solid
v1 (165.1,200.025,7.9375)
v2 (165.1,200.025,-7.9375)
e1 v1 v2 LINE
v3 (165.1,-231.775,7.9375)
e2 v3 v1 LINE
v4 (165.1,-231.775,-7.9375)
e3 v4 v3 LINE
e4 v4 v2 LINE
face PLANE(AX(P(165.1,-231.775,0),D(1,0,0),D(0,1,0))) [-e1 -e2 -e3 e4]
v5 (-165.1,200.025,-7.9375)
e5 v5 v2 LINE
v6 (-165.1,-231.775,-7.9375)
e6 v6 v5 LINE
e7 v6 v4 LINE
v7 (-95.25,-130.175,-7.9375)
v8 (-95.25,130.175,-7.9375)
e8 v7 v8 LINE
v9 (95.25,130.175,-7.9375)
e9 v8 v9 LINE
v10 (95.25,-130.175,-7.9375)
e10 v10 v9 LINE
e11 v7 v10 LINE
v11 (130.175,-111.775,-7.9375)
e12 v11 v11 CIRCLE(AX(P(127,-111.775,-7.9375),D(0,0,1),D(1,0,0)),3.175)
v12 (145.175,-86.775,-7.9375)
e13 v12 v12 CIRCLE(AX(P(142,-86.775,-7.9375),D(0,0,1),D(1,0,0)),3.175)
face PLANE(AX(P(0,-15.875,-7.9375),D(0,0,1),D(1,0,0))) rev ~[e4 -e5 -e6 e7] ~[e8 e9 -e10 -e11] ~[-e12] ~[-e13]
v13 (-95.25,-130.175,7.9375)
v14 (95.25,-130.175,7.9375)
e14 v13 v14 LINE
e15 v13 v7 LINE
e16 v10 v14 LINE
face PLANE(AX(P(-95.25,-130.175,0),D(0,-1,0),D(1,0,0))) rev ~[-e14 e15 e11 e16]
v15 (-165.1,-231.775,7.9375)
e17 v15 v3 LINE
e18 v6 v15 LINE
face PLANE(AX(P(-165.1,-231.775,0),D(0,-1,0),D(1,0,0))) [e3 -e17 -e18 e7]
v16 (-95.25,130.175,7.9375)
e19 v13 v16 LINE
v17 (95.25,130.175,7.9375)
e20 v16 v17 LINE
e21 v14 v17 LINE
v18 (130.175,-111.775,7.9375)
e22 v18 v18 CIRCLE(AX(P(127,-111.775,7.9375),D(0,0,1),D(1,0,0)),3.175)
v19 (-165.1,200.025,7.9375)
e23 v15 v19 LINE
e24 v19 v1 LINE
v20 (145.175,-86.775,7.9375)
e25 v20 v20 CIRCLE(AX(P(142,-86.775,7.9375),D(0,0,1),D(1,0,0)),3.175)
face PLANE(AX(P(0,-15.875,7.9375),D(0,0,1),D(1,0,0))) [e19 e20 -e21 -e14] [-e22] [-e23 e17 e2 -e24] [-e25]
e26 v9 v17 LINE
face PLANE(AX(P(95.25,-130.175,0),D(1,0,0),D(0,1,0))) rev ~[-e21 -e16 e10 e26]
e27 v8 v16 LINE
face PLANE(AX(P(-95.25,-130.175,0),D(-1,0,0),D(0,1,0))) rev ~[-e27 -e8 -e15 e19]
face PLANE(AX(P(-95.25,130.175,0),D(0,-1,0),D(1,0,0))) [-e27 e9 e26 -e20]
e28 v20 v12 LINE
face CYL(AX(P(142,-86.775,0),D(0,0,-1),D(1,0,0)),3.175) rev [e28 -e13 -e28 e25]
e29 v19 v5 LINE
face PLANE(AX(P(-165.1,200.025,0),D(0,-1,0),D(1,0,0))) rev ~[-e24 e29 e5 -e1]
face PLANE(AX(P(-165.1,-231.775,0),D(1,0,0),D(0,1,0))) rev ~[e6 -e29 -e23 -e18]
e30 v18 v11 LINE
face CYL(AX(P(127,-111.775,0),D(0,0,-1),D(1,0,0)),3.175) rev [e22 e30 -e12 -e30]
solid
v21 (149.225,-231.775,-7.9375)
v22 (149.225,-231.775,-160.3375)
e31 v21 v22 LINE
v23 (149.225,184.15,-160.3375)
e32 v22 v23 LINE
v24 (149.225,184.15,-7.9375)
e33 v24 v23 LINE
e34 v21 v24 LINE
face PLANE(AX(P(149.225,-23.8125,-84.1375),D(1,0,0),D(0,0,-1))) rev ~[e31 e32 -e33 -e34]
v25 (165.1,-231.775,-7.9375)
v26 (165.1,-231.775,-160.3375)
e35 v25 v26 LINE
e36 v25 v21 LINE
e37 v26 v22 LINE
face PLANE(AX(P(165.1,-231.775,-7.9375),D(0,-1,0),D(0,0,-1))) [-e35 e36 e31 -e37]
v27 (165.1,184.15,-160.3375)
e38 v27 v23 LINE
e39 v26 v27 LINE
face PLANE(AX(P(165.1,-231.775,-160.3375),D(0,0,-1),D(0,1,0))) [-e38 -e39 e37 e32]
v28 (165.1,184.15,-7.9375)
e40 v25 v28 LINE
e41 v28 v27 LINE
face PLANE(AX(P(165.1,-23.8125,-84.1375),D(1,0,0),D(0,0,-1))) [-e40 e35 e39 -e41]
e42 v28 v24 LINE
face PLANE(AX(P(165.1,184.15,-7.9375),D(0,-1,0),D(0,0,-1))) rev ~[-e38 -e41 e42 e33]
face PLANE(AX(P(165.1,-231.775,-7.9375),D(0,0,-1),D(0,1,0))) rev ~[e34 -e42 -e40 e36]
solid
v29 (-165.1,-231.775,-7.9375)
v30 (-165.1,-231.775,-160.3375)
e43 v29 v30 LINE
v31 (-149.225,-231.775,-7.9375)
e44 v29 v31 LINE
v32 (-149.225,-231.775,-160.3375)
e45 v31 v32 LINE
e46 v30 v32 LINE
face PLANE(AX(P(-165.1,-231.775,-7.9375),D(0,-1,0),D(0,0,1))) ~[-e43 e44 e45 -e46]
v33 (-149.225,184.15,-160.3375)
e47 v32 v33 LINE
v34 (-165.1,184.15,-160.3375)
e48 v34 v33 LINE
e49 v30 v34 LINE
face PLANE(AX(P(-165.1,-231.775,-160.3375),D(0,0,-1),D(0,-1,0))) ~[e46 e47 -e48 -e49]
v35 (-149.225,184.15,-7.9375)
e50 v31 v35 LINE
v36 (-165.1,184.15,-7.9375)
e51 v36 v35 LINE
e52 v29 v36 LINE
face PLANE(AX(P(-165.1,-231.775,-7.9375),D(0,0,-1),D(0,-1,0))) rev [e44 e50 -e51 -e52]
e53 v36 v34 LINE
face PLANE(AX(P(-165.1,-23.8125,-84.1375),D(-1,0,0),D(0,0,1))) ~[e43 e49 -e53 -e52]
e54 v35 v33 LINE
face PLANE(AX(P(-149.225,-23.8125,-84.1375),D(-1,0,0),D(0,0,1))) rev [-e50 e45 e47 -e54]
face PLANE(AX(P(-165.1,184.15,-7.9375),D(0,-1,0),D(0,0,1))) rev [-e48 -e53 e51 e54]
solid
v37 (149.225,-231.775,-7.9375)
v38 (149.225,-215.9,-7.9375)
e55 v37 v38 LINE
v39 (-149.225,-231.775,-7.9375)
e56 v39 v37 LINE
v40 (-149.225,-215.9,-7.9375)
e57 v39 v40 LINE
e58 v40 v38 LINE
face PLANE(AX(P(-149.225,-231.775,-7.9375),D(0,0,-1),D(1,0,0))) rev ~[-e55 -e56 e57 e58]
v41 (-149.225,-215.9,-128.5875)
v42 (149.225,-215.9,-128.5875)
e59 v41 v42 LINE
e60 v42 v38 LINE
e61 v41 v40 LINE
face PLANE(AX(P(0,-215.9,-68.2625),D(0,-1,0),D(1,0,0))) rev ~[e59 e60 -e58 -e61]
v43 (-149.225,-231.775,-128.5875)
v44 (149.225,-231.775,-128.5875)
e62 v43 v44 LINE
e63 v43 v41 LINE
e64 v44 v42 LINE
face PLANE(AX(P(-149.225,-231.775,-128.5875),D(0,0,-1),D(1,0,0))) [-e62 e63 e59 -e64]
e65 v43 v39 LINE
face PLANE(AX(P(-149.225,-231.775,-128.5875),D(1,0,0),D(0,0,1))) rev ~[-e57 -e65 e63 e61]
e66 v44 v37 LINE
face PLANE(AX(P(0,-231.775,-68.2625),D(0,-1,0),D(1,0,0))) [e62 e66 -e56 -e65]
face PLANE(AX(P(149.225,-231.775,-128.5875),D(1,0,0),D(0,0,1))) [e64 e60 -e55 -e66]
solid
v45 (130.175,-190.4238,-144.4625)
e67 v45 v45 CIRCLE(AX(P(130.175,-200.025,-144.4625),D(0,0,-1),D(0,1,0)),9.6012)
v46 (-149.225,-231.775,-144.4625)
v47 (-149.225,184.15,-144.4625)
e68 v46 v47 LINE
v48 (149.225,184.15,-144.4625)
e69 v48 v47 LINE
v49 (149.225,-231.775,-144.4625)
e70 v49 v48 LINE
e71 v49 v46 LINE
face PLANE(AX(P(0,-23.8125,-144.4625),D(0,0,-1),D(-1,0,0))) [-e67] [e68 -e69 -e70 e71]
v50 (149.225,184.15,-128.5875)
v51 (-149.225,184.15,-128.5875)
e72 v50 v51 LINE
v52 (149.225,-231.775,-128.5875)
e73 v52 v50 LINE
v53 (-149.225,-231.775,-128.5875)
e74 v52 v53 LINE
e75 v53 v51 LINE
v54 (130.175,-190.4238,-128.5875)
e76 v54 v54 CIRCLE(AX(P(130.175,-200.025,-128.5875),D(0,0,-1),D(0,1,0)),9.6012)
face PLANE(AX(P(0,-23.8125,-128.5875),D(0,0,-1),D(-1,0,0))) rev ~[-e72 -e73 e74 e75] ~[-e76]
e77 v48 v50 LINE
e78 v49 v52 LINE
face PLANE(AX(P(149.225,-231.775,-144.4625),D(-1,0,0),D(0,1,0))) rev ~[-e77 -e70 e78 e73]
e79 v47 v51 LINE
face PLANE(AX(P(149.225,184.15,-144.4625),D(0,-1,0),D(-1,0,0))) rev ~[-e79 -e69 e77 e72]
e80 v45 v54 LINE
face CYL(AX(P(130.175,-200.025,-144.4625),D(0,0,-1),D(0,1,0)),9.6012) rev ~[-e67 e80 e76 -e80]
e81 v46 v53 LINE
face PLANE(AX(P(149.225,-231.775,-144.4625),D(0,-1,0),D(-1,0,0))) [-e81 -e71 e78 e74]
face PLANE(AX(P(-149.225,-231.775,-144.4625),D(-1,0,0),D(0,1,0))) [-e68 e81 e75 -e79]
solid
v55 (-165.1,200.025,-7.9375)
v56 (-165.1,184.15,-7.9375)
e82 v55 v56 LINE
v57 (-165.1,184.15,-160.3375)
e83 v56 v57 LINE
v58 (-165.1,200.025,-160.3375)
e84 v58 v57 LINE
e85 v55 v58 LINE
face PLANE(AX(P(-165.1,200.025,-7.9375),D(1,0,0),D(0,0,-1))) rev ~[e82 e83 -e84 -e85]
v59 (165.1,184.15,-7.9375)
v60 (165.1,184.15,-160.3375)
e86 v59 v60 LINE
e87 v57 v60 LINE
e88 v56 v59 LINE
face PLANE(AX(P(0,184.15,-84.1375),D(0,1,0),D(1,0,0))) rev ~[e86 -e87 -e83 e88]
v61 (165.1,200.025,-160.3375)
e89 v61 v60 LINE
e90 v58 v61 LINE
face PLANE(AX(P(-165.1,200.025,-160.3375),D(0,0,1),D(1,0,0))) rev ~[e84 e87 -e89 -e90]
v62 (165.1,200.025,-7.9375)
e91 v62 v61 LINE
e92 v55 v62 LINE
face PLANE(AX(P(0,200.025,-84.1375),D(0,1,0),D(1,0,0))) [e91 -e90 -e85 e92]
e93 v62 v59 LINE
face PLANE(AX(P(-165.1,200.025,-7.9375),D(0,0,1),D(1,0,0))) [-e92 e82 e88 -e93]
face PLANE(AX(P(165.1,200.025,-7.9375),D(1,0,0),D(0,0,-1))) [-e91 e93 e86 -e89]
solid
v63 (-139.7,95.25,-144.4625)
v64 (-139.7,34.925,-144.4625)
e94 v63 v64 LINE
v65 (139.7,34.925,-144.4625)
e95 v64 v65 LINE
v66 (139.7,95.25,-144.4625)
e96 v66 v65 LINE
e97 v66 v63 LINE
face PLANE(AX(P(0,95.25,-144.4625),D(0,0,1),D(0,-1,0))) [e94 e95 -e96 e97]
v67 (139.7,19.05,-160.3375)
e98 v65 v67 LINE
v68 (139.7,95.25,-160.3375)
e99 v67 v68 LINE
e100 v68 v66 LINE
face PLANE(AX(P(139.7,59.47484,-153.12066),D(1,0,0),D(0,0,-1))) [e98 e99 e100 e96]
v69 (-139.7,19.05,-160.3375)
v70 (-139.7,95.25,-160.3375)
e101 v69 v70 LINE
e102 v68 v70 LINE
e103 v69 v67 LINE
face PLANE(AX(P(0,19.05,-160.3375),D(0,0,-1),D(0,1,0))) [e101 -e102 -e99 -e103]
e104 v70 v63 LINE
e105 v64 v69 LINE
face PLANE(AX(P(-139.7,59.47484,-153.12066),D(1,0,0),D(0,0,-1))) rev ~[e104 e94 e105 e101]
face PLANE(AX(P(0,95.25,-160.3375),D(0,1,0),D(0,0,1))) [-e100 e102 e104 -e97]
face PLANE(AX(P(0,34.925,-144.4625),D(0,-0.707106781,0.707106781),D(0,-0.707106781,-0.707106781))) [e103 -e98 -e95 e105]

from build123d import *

# Parameters (mm, degrees)
SKETCH1_W           = 330.2
SKETCH1_H           = 431.8
SKETCH1_R           = 3.175
SKETCH1_W_2         = 190.5
SKETCH1_H_2         = 260.35
BOSS_EXTRUDE1_DEPTH = 7.9375
SKETCH3_W           = 152.4
SKETCH3_H           = 415.925
BOSS_EXTRUDE2_DEPTH = 15.875
BOSS_EXTRUDE6_START = -15.875
SKETCH8_W           = 298.45
SKETCH8_H           = 415.925
SKETCH8_R           = 9.6012
BOSS_EXTRUDE6_DEPTH = 15.875
SKETCH11_W          = 298.45
SKETCH11_H          = 120.65
BOSS_EXTRUDE7_DEPTH = 15.875
SKETCH14_W          = 330.2
SKETCH14_H          = 152.4
BOSS_EXTRUDE8_DEPTH = 15.875
BOSS_EXTRUDE5_DEPTH = 139.7


with BuildPart() as part:
    # Sketch1 → Boss-Extrude1 (new, symmetric)
    with BuildSketch(Plane.XY):
        with Locations((0, -15.875)):
            Rectangle(SKETCH1_W, SKETCH1_H)
        with Locations((127, -111.775)):
            Circle(SKETCH1_R, mode=Mode.SUBTRACT)
        with Locations((142, -86.775)):
            Circle(SKETCH1_R, mode=Mode.SUBTRACT)
        Rectangle(SKETCH1_W_2, SKETCH1_H_2, mode=Mode.SUBTRACT)
    extrude(amount=BOSS_EXTRUDE1_DEPTH, both=True)


with BuildPart() as body_2:
    # Sketch3 → Boss-Extrude2 (new body)
    with BuildSketch(Plane(origin=(165.1, 0, 0), x_dir=(0, 0, -1), z_dir=(1, 0, 0))):
        with Locations((84.1375, -23.8125)):
            Rectangle(SKETCH3_W, SKETCH3_H)
    extrude(amount=-BOSS_EXTRUDE2_DEPTH)


with BuildPart() as body_3:
    # Mirror1: mirrored copy
    add(body_2.part.mirror(Plane(origin=(0, 0, 0), x_dir=(0, 0, 1), z_dir=(1, 0, 0))))


with BuildPart() as body_4:
    # Sketch8 → Boss-Extrude6 (new body)
    with BuildSketch(Plane(origin=(0, 0, -160.3375), x_dir=(-1, 0, 0), z_dir=(0, 0, -1)).offset(BOSS_EXTRUDE6_START)):
        with Locations((0, -23.8125)):
            Rectangle(SKETCH8_W, SKETCH8_H)
        with Locations(Location((-130.175, -200.025, 0), (0, 0, 90))):
            Circle(SKETCH8_R, mode=Mode.SUBTRACT)
    extrude(amount=-BOSS_EXTRUDE6_DEPTH)


with BuildPart() as body_5:
    # Sketch11 → Boss-Extrude7 (new body)
    with BuildSketch(Plane.XZ.offset(231.775)):
        with Locations((0, -68.2625)):
            Rectangle(SKETCH11_W, SKETCH11_H)
    extrude(amount=-BOSS_EXTRUDE7_DEPTH)


with BuildPart() as body_6:
    # Sketch14 → Boss-Extrude8 (new body)
    with BuildSketch(Plane(origin=(0, 200.025, 0), x_dir=(1, 0, 0), z_dir=(0, 1, 0))):
        with Locations((0, 84.1375)):
            Rectangle(SKETCH14_W, SKETCH14_H)
    extrude(amount=-BOSS_EXTRUDE8_DEPTH)


with BuildPart() as body_7:
    # Sketch7 → Boss-Extrude5 (new, symmetric)
    with BuildSketch(Plane(origin=(0, 0, 0), x_dir=(0, 0, -1), z_dir=(1, 0, 0))):
        Polygon((144.4625, 95.25), (144.4625, 34.925), (160.3375, 19.05), (160.3375, 95.25), align=None)
    extrude(amount=BOSS_EXTRUDE5_DEPTH, both=True)


solid = Compound([part.part, body_2.part, body_3.part, body_4.part, body_5.part, body_6.part, body_7.part])
